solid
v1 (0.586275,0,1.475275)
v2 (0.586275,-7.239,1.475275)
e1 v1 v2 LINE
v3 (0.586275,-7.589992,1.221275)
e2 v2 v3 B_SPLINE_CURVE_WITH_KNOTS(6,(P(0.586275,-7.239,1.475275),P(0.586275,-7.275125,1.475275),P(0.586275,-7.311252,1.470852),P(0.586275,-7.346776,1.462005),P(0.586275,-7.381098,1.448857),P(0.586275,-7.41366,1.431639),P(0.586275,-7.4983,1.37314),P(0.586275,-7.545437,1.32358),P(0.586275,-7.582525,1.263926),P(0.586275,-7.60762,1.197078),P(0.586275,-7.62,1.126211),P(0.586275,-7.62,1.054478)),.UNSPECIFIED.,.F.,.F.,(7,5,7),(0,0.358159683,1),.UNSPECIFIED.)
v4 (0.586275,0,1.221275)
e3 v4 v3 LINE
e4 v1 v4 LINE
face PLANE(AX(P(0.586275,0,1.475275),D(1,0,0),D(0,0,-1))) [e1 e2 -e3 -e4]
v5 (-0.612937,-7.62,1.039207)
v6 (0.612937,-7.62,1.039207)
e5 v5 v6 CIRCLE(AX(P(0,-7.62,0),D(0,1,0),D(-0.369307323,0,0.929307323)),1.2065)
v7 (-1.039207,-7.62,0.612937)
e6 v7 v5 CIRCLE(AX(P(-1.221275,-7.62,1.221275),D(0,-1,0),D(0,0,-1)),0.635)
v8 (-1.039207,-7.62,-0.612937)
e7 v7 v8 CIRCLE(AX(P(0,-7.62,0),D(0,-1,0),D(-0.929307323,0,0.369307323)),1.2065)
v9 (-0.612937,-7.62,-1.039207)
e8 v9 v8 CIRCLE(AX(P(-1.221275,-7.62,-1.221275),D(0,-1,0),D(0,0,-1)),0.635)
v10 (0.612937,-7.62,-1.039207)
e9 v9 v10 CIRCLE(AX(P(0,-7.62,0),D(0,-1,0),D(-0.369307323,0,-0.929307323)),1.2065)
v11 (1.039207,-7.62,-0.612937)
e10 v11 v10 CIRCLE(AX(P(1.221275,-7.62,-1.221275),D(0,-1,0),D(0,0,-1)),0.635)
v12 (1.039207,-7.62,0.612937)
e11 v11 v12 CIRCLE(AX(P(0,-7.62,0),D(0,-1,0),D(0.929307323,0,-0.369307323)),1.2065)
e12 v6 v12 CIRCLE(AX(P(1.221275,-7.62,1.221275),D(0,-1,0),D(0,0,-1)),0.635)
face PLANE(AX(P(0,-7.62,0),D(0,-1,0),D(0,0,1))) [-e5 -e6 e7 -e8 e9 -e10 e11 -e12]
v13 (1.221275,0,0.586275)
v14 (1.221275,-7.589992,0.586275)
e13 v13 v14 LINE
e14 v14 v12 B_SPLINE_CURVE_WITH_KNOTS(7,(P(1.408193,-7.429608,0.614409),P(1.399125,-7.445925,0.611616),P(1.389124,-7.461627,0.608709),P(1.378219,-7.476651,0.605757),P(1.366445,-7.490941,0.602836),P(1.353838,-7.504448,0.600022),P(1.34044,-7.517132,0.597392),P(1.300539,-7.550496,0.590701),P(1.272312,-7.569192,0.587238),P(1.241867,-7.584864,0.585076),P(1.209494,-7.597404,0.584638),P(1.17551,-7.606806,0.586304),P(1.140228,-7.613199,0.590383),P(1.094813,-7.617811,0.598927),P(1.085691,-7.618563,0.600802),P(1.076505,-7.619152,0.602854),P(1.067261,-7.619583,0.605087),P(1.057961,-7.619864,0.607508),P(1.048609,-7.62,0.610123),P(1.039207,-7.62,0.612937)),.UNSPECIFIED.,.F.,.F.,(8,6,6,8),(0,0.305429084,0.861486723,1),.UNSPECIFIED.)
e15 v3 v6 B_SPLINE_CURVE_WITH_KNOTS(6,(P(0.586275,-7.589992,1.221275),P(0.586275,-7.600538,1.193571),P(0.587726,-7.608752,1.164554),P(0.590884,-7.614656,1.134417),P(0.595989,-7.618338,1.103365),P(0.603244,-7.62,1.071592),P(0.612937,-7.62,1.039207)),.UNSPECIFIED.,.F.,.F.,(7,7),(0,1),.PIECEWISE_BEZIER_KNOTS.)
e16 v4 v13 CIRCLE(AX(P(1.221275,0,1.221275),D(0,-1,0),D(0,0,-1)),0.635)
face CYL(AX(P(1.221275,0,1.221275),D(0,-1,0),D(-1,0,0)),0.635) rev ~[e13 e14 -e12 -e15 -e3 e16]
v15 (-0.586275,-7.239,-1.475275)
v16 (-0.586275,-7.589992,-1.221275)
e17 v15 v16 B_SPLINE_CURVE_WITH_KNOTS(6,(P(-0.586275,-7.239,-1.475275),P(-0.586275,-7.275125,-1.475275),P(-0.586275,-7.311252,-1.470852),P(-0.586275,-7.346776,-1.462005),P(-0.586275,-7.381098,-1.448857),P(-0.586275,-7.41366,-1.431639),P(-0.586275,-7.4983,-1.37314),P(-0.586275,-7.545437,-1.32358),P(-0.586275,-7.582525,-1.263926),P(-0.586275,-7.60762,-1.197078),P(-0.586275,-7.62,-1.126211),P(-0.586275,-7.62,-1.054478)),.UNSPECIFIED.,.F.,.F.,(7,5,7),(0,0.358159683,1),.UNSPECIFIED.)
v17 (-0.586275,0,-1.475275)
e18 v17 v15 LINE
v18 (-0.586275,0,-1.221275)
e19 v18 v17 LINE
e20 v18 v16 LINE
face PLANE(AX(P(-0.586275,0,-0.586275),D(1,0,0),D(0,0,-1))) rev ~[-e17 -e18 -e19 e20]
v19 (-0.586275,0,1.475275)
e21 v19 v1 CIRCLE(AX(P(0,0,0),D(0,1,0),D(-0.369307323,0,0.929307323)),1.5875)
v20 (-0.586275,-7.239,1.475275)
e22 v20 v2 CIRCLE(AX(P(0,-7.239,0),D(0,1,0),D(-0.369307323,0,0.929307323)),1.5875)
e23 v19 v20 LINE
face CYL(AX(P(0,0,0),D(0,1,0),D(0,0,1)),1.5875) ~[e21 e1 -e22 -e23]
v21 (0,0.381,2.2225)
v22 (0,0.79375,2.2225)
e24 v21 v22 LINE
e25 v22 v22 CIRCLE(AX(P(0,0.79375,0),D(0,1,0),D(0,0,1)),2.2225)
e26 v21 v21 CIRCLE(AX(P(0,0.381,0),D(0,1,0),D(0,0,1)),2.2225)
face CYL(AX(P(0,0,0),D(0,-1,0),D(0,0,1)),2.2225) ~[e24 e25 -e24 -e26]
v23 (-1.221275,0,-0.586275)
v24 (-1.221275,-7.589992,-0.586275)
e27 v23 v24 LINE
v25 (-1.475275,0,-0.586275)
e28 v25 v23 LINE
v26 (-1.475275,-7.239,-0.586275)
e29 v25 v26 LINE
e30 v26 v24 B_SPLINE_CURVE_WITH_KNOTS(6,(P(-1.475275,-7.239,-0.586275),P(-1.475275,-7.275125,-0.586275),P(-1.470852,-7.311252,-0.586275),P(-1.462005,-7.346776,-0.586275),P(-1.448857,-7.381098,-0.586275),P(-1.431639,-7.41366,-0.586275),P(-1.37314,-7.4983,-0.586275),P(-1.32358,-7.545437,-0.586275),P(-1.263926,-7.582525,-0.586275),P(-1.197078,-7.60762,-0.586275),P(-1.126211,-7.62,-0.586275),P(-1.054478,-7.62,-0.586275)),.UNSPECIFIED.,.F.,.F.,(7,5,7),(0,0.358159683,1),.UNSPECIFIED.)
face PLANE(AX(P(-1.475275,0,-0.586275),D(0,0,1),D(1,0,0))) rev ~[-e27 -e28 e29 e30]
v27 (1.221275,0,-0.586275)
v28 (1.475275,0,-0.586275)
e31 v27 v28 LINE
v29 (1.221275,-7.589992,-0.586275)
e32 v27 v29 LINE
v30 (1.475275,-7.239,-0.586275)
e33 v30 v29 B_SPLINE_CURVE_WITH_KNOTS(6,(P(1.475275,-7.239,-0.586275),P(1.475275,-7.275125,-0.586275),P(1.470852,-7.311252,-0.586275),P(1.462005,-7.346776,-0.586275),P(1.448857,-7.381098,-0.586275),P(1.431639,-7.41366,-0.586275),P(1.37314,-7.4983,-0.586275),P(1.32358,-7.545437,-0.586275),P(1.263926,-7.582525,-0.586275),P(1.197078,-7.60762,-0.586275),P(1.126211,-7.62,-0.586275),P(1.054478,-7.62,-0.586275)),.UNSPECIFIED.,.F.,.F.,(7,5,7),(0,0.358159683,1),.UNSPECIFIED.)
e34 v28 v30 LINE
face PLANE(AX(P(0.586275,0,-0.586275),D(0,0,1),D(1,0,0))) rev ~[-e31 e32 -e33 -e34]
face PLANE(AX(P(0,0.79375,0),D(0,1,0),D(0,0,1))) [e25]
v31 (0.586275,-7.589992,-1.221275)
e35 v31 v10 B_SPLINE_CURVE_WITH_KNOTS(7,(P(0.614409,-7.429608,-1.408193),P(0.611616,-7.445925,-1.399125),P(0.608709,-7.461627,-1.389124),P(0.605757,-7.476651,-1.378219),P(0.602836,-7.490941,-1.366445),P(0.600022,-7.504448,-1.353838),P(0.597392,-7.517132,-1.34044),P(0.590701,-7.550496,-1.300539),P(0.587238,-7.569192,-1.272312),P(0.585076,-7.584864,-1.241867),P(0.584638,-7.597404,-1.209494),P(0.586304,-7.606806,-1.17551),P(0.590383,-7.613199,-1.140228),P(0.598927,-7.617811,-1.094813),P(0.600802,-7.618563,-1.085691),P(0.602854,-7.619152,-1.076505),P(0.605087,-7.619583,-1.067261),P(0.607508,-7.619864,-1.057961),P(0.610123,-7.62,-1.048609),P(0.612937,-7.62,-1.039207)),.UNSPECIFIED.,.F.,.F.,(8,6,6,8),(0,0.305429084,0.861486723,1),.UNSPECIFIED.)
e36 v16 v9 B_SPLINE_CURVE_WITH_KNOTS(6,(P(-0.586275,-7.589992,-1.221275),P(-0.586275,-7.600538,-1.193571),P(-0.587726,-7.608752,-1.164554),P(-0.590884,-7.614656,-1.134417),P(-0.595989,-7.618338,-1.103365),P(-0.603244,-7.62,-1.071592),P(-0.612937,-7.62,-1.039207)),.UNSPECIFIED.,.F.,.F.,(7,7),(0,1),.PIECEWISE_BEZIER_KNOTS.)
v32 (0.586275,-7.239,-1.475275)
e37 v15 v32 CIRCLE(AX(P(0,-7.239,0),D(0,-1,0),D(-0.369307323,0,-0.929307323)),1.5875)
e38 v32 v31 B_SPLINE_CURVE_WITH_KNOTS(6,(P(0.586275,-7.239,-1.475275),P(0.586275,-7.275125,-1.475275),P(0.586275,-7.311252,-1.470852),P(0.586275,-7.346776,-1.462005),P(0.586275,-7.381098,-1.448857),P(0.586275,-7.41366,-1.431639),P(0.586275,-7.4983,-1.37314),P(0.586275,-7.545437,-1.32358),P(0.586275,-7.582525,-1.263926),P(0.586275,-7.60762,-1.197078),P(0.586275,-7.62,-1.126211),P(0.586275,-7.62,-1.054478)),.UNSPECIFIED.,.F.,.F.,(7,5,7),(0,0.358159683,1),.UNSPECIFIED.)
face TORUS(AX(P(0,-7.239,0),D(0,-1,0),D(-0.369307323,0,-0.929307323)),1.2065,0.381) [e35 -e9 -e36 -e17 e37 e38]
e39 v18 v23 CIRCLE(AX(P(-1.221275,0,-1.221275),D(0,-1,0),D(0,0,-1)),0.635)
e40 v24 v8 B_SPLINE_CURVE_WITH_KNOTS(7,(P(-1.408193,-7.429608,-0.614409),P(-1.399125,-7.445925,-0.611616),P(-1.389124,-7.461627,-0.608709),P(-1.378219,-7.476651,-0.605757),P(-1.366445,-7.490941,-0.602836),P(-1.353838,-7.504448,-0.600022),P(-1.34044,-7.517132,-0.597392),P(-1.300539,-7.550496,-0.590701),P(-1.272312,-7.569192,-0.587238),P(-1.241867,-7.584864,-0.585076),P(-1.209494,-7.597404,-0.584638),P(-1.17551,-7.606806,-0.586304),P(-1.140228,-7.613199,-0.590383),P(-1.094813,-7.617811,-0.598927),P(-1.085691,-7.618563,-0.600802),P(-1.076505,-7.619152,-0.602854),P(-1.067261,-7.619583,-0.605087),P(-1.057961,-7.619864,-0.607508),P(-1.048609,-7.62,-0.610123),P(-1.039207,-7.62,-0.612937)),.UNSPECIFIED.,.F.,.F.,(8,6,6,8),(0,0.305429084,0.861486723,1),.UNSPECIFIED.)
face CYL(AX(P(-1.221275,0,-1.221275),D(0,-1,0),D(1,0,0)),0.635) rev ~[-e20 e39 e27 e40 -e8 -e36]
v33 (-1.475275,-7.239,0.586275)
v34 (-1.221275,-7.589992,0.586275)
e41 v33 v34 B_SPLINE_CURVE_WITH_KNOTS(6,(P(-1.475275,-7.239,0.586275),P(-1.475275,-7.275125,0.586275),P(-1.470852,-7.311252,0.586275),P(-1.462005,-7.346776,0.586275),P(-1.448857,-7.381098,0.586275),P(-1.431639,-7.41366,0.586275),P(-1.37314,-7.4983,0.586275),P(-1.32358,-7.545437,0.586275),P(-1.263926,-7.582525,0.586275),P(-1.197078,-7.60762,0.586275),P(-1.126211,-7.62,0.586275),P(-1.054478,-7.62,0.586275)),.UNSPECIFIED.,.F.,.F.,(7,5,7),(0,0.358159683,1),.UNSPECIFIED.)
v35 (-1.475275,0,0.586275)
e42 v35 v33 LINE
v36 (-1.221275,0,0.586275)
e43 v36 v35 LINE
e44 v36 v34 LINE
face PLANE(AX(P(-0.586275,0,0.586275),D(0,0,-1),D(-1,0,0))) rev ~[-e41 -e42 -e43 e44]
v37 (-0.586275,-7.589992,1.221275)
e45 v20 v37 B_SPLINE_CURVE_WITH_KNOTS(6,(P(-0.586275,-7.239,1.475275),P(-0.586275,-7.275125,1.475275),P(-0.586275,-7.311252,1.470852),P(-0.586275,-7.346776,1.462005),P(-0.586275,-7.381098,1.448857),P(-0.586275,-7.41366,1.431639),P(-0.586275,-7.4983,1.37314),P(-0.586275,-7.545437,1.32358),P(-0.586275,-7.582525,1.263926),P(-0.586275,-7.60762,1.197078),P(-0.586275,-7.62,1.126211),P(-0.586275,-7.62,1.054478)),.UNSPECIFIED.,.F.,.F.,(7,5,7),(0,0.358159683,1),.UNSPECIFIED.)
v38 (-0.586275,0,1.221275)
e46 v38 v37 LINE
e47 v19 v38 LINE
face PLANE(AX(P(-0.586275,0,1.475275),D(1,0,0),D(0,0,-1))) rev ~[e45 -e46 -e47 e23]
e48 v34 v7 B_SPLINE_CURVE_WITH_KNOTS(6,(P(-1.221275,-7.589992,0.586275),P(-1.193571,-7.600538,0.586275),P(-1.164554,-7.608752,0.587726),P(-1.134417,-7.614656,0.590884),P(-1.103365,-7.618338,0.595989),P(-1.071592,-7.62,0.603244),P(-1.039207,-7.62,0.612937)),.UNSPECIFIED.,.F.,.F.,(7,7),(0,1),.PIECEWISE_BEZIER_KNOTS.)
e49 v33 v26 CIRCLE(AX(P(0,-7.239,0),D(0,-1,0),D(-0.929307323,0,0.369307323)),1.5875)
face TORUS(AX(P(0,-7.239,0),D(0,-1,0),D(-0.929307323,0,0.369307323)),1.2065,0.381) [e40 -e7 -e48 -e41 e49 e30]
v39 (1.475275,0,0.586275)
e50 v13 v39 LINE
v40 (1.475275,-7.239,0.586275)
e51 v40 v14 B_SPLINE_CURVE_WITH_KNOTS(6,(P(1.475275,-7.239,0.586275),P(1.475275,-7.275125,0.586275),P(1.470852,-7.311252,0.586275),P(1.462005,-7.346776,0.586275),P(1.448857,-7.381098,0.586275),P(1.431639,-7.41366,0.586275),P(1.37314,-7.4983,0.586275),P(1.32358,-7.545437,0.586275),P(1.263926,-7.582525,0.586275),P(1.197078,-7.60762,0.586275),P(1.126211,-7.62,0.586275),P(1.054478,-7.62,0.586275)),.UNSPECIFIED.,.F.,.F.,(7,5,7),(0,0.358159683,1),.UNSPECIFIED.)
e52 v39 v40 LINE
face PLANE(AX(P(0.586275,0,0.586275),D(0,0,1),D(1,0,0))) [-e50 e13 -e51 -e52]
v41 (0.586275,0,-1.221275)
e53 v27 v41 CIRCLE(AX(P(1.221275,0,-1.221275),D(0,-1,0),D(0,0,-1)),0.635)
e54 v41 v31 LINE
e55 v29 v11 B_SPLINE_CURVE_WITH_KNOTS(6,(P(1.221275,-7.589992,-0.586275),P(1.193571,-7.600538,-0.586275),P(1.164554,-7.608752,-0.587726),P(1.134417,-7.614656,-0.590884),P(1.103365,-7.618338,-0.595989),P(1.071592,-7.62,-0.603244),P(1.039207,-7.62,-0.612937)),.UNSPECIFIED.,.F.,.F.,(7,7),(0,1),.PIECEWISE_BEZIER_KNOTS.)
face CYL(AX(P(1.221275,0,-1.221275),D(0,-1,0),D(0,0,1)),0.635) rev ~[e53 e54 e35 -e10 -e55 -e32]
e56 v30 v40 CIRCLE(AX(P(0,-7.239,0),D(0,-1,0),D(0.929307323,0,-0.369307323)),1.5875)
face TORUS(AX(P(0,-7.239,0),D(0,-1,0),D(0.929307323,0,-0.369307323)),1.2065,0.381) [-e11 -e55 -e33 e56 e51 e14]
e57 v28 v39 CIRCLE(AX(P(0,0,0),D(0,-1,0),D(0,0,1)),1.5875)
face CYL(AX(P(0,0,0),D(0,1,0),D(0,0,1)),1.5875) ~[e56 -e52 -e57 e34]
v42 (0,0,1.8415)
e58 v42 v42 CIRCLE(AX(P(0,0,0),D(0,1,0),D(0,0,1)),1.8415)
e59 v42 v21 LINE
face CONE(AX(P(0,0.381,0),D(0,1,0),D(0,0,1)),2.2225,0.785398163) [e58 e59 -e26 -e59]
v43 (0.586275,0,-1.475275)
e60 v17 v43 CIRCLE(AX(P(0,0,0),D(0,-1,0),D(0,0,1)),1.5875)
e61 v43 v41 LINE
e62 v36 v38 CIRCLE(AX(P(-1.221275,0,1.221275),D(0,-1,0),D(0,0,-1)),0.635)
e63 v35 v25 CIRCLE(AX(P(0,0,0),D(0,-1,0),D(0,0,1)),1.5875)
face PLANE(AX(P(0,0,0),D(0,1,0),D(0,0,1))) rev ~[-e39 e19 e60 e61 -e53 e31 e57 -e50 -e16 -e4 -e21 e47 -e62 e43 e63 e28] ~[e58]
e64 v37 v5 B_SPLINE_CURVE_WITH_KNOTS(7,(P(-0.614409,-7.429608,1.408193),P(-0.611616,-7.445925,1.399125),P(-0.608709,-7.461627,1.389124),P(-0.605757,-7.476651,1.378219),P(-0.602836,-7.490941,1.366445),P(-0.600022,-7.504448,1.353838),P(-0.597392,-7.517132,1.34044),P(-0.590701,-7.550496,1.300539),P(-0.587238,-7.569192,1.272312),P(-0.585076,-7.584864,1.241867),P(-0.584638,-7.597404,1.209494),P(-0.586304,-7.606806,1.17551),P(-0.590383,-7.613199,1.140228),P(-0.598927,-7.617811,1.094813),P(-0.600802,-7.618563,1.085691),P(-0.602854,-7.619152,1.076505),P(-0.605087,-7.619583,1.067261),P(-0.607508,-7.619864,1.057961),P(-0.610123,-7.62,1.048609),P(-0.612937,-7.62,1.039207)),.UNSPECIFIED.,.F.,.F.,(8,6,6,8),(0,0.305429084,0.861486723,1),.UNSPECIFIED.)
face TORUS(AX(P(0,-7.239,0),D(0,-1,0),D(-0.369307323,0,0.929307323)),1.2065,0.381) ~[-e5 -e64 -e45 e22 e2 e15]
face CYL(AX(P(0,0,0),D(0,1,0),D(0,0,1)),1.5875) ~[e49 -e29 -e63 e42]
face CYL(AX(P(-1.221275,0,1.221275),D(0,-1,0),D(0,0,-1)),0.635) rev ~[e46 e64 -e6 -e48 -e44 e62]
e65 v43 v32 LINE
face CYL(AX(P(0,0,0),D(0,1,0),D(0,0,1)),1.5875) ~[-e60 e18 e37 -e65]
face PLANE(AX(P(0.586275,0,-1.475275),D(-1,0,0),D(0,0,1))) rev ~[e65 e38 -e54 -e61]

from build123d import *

# Parameters (mm, degrees)
SKETCH1_R           = 2.2225
BOSS_EXTRUDE1_DEPTH = 0.79375
SKETCH2_R           = 1.5875
BOSS_EXTRUDE2_DEPTH = 7.62
CUT_EXTRUDE2_START  = -7.62
CUT_EXTRUDE2_DEPTH  = 7.62
FILLET1_R           = 0.635
FILLET2_R           = 0.381
CHAMFER1_SIZE       = 0.381


with BuildPart() as part:
    # Sketch1 → Boss-Extrude1 (new body)
    with BuildSketch(Plane(origin=(0, 0, 0), x_dir=(1, 0, 0), z_dir=(0, 1, 0))):
        with Locations(Location((0, 0, 0), (0, 0, 270))):
            Circle(SKETCH1_R)
    extrude(amount=BOSS_EXTRUDE1_DEPTH)

    # Sketch2 → Boss-Extrude2 (add)
    with BuildSketch(Plane.XZ):
        with Locations(Location((0, 0, 0), (0, 0, 90))):
            Circle(SKETCH2_R)
    extrude(amount=BOSS_EXTRUDE2_DEPTH)

    # Sketch3 → Cut-Extrude2 (cut)
    with BuildSketch(Plane.XZ.offset(7.62).offset(CUT_EXTRUDE2_START)):
        with BuildLine():
            Line((-0.586275376, 1.475275376), (-0.586275376, 0.586275376))
            Line((-0.586275376, 0.586275376), (-1.475275376, 0.586275376))
            ThreePointArc((-1.475275376, 0.586275376), (-1.122532015, 1.122532015), (-0.586275376, 1.475275376))
        make_face()
        with BuildLine():
            Line((-1.475275376, -0.586275376), (-0.586275376, -0.586275376))
            Line((-0.586275376, -0.586275376), (-0.586275376, -1.475275376))
            ThreePointArc((-0.586275376, -1.475275376), (-1.122532015, -1.122532015), (-1.475275376, -0.586275376))
        make_face()
        with BuildLine():
            Line((0.586275376, 1.475275376), (0.586275376, 0.586275376))
            Line((0.586275376, 0.586275376), (1.475275376, 0.586275376))
            ThreePointArc((1.475275376, 0.586275376), (1.122532015, 1.122532015), (0.586275376, 1.475275376))
        make_face()
        with BuildLine():
            Line((0.586275376, -1.475275376), (0.586275376, -0.586275376))
            Line((0.586275376, -0.586275376), (1.475275376, -0.586275376))
            ThreePointArc((1.475275376, -0.586275376), (1.122532015, -1.122532015), (0.586275376, -1.475275376))
        make_face()
    extrude(amount=CUT_EXTRUDE2_DEPTH, mode=Mode.SUBTRACT)

    # Fillet1
    fillet1_edges = [part.edges().sort_by_distance(p)[0] for p in [
        (-0.586275376, -3.81, -0.586275376),
        (0.586275376, -3.81, 0.586275376),
        (0.586275376, -3.81, -0.586275376),
        (-0.586275376, -3.81, 0.586275376),
    ]]
    fillet(fillet1_edges, radius=FILLET1_R)

    # Fillet2
    fillet2_edges = [part.edges().sort_by_distance(p)[0] for p in [
        (-1.5875, -7.62, 0),
        (0, -7.62, -1.5875),
        (1.5875, -7.62, 0),
        (0, -7.62, 1.5875),
    ]]
    fillet(fillet2_edges, radius=FILLET2_R)

    # Chamfer1
    chamfer1_edges = [part.edges().sort_by_distance(p)[0] for p in [
        (0, 0, -2.2225),
    ]]
    chamfer(chamfer1_edges, length=CHAMFER1_SIZE)


solid = part.part
